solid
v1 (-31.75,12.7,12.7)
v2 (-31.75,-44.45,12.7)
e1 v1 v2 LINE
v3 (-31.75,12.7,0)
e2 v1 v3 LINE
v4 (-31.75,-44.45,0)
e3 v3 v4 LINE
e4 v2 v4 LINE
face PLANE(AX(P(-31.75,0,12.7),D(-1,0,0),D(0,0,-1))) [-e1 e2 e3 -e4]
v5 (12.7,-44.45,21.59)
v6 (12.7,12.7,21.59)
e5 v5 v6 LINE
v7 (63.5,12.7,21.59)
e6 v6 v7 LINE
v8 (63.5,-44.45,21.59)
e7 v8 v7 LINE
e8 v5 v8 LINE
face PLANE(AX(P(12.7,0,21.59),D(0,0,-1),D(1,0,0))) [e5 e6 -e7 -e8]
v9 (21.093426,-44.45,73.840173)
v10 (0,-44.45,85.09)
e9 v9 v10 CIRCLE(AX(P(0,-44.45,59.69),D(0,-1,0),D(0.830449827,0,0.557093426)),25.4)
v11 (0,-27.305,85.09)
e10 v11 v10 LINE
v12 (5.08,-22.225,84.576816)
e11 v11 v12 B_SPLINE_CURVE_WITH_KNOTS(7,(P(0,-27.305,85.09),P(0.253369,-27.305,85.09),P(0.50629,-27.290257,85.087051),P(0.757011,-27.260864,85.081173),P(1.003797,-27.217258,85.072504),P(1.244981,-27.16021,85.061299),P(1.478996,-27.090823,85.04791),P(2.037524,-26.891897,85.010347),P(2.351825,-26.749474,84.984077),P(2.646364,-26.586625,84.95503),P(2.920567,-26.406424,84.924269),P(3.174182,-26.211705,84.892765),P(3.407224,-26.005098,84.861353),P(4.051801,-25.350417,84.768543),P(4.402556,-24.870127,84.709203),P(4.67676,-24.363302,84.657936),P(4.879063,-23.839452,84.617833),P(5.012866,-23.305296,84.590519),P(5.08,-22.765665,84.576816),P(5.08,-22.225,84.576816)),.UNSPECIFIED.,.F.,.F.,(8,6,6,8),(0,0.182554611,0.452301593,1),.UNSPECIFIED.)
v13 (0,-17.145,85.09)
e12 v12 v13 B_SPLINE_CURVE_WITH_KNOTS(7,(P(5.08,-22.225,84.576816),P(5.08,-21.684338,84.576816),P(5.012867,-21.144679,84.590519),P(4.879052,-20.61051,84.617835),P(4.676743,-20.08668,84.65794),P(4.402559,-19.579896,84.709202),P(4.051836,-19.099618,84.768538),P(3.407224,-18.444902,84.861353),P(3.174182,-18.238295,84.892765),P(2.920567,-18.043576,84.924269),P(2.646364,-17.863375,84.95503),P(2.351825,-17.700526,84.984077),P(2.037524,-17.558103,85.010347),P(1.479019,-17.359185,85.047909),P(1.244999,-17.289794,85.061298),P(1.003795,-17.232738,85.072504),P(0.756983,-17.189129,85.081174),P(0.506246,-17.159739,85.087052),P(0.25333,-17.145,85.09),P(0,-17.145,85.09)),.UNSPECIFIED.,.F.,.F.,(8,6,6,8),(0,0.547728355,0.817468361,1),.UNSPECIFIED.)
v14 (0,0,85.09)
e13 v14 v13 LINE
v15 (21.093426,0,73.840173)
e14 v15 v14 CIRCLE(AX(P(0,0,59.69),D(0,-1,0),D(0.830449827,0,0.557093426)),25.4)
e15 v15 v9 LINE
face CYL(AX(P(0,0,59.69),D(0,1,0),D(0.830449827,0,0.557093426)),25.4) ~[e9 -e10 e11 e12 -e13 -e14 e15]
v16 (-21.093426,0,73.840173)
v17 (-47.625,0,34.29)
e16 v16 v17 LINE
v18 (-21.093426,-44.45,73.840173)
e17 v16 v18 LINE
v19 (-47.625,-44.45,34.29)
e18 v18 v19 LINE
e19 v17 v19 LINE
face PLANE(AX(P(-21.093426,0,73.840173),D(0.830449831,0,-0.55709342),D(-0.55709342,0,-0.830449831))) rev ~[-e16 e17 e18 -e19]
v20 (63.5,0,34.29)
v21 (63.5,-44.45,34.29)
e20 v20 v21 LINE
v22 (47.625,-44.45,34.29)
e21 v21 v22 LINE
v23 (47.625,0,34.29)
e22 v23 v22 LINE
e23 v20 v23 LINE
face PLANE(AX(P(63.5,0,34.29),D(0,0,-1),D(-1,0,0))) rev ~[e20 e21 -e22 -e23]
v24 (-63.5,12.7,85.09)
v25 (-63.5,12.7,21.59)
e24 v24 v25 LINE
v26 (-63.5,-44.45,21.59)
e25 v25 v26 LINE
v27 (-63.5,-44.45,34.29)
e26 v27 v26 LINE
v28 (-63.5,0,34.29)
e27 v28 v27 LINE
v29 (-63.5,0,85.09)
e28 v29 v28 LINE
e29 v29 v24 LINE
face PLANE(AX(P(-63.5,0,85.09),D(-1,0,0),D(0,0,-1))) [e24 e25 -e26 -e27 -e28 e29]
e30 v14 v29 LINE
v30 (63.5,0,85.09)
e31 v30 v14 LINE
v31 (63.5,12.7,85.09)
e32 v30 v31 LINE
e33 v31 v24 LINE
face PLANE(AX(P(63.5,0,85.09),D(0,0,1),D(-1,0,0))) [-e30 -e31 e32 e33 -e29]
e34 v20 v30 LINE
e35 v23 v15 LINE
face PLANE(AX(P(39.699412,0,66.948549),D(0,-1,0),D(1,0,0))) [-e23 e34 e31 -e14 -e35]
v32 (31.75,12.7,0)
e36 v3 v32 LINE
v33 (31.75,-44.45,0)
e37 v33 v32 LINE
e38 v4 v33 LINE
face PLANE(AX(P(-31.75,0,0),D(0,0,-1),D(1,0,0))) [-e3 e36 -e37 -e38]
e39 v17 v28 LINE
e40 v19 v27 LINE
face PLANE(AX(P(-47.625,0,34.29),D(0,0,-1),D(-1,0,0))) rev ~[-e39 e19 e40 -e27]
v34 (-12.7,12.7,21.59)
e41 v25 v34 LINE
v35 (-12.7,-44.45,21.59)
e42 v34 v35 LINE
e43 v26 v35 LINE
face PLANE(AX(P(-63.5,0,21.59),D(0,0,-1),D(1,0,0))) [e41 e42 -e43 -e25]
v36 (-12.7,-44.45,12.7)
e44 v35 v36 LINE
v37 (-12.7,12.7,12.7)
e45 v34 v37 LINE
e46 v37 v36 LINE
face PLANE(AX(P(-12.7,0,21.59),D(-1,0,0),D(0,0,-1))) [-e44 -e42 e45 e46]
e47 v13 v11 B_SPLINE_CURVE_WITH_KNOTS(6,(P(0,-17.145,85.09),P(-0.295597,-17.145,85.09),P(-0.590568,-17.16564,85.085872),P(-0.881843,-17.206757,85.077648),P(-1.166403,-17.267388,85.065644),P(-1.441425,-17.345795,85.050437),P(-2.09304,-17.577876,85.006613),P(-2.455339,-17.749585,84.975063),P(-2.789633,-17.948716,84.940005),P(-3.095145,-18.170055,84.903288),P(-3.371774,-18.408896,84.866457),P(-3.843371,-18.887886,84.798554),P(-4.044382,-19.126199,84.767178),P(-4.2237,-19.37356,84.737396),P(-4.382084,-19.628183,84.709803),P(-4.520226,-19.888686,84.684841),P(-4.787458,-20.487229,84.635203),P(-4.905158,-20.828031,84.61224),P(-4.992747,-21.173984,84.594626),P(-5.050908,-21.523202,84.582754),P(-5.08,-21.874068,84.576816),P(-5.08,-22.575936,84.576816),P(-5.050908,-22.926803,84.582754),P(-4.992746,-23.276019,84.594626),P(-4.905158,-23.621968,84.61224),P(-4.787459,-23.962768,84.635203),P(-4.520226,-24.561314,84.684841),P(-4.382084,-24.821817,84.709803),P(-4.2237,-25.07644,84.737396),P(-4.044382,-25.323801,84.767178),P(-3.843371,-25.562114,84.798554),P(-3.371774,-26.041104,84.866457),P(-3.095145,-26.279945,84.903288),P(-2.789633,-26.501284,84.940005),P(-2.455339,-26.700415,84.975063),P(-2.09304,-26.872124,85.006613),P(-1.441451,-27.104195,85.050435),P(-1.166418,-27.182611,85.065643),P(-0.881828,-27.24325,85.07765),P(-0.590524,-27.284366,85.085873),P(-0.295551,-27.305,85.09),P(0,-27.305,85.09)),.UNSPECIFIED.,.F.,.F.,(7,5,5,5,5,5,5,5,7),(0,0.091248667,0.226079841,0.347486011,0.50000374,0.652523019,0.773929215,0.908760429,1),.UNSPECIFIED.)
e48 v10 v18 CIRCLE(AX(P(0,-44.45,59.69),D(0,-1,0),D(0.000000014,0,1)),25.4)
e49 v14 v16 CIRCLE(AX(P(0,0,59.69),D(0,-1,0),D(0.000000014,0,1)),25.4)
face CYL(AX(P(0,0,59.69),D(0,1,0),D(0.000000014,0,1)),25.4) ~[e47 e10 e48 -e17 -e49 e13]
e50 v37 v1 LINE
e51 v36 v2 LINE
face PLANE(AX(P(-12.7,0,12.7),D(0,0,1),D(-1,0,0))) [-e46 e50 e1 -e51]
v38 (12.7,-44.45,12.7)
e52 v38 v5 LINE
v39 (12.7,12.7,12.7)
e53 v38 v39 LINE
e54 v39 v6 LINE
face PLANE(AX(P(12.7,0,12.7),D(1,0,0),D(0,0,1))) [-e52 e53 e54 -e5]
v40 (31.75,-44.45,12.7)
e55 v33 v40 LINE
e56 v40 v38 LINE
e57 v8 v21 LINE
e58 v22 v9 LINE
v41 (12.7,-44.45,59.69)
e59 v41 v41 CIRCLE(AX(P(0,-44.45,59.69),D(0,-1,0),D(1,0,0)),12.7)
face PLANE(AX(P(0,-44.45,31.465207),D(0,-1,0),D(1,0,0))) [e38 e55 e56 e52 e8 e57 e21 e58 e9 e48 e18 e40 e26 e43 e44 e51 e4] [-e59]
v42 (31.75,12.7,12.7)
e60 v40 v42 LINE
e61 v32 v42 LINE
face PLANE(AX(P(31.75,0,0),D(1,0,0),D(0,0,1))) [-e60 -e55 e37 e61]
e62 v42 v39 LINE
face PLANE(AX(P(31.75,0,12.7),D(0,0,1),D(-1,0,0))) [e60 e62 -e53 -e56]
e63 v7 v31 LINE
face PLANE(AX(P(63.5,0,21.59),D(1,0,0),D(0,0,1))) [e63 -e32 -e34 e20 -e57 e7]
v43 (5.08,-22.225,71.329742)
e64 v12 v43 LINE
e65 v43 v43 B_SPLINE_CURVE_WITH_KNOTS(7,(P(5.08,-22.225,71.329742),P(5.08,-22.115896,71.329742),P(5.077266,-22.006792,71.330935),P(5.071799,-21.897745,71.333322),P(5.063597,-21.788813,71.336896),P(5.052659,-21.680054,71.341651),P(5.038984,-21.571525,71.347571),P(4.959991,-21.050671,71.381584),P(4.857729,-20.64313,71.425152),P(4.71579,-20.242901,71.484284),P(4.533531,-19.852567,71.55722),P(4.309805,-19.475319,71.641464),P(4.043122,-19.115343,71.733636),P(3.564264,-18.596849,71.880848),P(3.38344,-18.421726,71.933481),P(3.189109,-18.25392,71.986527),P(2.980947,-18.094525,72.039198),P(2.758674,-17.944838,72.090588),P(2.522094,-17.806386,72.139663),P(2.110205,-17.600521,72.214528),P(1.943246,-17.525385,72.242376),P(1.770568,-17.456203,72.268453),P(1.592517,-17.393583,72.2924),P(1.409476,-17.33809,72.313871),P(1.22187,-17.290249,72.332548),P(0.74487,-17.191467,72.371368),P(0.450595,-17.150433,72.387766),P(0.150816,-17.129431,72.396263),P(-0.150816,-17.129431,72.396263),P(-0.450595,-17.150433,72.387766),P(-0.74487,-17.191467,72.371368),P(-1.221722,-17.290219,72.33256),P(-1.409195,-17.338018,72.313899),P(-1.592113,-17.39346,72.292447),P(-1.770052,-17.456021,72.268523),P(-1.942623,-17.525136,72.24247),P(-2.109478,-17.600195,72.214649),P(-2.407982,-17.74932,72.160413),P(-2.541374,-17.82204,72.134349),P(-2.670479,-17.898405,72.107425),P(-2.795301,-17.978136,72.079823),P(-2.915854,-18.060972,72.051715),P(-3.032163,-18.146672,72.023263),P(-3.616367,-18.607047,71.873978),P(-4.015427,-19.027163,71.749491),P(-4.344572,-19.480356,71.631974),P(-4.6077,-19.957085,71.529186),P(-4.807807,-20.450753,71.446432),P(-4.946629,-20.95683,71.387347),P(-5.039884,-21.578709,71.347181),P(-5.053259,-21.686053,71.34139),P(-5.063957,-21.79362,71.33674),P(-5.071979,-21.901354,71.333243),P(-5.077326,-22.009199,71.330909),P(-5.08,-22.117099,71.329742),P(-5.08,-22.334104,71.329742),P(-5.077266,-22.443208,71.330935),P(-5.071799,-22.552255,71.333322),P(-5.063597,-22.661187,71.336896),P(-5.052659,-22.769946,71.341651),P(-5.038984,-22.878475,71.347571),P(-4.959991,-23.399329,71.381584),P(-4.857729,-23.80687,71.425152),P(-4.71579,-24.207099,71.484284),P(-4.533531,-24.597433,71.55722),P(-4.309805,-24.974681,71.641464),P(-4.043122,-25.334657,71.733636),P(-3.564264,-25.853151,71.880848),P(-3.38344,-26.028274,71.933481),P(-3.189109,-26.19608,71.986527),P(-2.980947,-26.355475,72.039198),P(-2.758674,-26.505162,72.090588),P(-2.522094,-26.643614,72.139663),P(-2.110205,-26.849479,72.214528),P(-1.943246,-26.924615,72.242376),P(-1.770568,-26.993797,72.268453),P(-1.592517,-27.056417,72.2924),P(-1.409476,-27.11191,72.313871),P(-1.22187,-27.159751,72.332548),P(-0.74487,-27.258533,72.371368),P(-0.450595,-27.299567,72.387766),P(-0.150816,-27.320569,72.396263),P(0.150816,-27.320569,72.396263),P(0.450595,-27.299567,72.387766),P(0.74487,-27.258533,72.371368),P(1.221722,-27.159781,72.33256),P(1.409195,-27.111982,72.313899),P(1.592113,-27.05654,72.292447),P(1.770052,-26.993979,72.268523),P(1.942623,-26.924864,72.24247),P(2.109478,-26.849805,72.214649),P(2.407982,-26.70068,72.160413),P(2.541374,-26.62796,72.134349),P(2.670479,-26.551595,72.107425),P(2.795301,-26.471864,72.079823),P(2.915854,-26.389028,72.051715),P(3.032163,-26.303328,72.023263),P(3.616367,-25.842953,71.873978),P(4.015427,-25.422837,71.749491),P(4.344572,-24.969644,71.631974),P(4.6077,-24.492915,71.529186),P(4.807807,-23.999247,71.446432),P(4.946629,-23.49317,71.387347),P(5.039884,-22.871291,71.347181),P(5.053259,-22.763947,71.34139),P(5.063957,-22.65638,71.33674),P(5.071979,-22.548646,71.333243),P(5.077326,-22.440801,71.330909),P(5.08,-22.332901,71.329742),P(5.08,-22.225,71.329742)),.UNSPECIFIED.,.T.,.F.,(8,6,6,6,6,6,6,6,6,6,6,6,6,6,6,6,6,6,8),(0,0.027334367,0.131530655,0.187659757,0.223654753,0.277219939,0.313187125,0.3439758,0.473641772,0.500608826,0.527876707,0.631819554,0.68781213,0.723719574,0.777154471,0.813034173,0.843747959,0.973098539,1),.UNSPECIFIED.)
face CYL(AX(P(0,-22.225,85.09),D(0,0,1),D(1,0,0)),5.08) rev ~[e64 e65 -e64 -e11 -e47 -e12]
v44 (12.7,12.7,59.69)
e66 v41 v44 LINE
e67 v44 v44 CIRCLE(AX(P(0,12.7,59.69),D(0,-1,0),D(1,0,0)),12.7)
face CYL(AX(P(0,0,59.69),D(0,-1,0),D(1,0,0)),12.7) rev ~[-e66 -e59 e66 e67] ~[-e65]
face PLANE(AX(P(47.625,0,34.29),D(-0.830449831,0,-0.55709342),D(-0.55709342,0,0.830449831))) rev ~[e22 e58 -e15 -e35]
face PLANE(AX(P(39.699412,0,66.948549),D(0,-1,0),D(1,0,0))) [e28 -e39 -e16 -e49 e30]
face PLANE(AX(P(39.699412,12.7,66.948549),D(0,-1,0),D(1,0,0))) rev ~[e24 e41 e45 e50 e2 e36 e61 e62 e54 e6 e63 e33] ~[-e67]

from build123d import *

# Parameters (mm, degrees)
F0_R     = 12.7
F1_DEPTH = 44.45
F2_DEPTH = 12.7
F3_R     = 5.08
F4_DEPTH = 25.4


with BuildPart() as f1:
    # F0 (on Front) → F1 (new body)
    with BuildSketch(Plane.XZ):
        with BuildLine():
            Line((-31.75, 12.7), (-31.75, 0))
            Line((-31.75, 0), (31.75, 0))
            Line((31.75, 0), (31.75, 12.7))
            Line((31.75, 12.7), (12.7, 12.7))
            Line((12.7, 12.7), (12.7, 21.59))
            Line((12.7, 21.59), (63.5, 21.59))
            Line((63.5, 21.59), (63.5, 34.29))
            Line((63.5, 34.29), (47.625, 34.29))
            Line((47.625, 34.29), (21.093426, 73.840173))
            ThreePointArc((21.093426, 73.840173), (11.952941, 82.101765), (0, 85.09))
            ThreePointArc((0, 85.09), (-11.952941, 82.101765), (-21.093426, 73.840173))
            Line((-21.093426, 73.840173), (-47.625, 34.29))
            Line((-47.625, 34.29), (-63.5, 34.29))
            Line((-63.5, 34.29), (-63.5, 21.59))
            Line((-63.5, 21.59), (-12.7, 21.59))
            Line((-12.7, 21.59), (-12.7, 12.7))
            Line((-12.7, 12.7), (-31.75, 12.7))
        make_face()
        with Locations((0, 59.69)):
            Circle(F0_R, mode=Mode.SUBTRACT)
    extrude(amount=F1_DEPTH)

    # F0 (on Front) → F2 (join)
    with BuildSketch(Plane.XZ):
        with BuildLine():
            Line((47.625, 34.29), (63.5, 34.29))
            Line((63.5, 34.29), (63.5, 85.09))
            Line((63.5, 85.09), (0, 85.09))
            ThreePointArc((0, 85.09), (11.952941, 82.101765), (21.093426, 73.840173))
            Line((21.093426, 73.840173), (47.625, 34.29))
        make_face()
        with BuildLine():
            Line((-63.5, 85.09), (-63.5, 34.29))
            Line((-63.5, 34.29), (-47.625, 34.29))
            Line((-47.625, 34.29), (-21.093426, 73.840173))
            ThreePointArc((-21.093426, 73.840173), (-11.952941, 82.101765), (0, 85.09))
            Line((0, 85.09), (-63.5, 85.09))
        make_face()
        with BuildLine():
            Line((-31.75, 12.7), (-31.75, 0))
            Line((-31.75, 0), (31.75, 0))
            Line((31.75, 0), (31.75, 12.7))
            Line((31.75, 12.7), (12.7, 12.7))
            Line((12.7, 12.7), (12.7, 21.59))
            Line((12.7, 21.59), (63.5, 21.59))
            Line((63.5, 21.59), (63.5, 34.29))
            Line((63.5, 34.29), (47.625, 34.29))
            Line((47.625, 34.29), (21.093426, 73.840173))
            ThreePointArc((21.093426, 73.840173), (11.952941, 82.101765), (0, 85.09))
            ThreePointArc((0, 85.09), (-11.952941, 82.101765), (-21.093426, 73.840173))
            Line((-21.093426, 73.840173), (-47.625, 34.29))
            Line((-47.625, 34.29), (-63.5, 34.29))
            Line((-63.5, 34.29), (-63.5, 21.59))
            Line((-63.5, 21.59), (-12.7, 21.59))
            Line((-12.7, 21.59), (-12.7, 12.7))
            Line((-12.7, 12.7), (-31.75, 12.7))
        make_face()
        with Locations((0, 59.69)):
            Circle(F0_R, mode=Mode.SUBTRACT)
    extrude(amount=-F2_DEPTH)

    # F3 (on face) → F4 (cut)
    with BuildSketch(Plane.XY.offset(85.09)):
        with Locations((0, -22.225)):
            Circle(F3_R)
    extrude(amount=-F4_DEPTH, mode=Mode.SUBTRACT)


solid = f1.part
